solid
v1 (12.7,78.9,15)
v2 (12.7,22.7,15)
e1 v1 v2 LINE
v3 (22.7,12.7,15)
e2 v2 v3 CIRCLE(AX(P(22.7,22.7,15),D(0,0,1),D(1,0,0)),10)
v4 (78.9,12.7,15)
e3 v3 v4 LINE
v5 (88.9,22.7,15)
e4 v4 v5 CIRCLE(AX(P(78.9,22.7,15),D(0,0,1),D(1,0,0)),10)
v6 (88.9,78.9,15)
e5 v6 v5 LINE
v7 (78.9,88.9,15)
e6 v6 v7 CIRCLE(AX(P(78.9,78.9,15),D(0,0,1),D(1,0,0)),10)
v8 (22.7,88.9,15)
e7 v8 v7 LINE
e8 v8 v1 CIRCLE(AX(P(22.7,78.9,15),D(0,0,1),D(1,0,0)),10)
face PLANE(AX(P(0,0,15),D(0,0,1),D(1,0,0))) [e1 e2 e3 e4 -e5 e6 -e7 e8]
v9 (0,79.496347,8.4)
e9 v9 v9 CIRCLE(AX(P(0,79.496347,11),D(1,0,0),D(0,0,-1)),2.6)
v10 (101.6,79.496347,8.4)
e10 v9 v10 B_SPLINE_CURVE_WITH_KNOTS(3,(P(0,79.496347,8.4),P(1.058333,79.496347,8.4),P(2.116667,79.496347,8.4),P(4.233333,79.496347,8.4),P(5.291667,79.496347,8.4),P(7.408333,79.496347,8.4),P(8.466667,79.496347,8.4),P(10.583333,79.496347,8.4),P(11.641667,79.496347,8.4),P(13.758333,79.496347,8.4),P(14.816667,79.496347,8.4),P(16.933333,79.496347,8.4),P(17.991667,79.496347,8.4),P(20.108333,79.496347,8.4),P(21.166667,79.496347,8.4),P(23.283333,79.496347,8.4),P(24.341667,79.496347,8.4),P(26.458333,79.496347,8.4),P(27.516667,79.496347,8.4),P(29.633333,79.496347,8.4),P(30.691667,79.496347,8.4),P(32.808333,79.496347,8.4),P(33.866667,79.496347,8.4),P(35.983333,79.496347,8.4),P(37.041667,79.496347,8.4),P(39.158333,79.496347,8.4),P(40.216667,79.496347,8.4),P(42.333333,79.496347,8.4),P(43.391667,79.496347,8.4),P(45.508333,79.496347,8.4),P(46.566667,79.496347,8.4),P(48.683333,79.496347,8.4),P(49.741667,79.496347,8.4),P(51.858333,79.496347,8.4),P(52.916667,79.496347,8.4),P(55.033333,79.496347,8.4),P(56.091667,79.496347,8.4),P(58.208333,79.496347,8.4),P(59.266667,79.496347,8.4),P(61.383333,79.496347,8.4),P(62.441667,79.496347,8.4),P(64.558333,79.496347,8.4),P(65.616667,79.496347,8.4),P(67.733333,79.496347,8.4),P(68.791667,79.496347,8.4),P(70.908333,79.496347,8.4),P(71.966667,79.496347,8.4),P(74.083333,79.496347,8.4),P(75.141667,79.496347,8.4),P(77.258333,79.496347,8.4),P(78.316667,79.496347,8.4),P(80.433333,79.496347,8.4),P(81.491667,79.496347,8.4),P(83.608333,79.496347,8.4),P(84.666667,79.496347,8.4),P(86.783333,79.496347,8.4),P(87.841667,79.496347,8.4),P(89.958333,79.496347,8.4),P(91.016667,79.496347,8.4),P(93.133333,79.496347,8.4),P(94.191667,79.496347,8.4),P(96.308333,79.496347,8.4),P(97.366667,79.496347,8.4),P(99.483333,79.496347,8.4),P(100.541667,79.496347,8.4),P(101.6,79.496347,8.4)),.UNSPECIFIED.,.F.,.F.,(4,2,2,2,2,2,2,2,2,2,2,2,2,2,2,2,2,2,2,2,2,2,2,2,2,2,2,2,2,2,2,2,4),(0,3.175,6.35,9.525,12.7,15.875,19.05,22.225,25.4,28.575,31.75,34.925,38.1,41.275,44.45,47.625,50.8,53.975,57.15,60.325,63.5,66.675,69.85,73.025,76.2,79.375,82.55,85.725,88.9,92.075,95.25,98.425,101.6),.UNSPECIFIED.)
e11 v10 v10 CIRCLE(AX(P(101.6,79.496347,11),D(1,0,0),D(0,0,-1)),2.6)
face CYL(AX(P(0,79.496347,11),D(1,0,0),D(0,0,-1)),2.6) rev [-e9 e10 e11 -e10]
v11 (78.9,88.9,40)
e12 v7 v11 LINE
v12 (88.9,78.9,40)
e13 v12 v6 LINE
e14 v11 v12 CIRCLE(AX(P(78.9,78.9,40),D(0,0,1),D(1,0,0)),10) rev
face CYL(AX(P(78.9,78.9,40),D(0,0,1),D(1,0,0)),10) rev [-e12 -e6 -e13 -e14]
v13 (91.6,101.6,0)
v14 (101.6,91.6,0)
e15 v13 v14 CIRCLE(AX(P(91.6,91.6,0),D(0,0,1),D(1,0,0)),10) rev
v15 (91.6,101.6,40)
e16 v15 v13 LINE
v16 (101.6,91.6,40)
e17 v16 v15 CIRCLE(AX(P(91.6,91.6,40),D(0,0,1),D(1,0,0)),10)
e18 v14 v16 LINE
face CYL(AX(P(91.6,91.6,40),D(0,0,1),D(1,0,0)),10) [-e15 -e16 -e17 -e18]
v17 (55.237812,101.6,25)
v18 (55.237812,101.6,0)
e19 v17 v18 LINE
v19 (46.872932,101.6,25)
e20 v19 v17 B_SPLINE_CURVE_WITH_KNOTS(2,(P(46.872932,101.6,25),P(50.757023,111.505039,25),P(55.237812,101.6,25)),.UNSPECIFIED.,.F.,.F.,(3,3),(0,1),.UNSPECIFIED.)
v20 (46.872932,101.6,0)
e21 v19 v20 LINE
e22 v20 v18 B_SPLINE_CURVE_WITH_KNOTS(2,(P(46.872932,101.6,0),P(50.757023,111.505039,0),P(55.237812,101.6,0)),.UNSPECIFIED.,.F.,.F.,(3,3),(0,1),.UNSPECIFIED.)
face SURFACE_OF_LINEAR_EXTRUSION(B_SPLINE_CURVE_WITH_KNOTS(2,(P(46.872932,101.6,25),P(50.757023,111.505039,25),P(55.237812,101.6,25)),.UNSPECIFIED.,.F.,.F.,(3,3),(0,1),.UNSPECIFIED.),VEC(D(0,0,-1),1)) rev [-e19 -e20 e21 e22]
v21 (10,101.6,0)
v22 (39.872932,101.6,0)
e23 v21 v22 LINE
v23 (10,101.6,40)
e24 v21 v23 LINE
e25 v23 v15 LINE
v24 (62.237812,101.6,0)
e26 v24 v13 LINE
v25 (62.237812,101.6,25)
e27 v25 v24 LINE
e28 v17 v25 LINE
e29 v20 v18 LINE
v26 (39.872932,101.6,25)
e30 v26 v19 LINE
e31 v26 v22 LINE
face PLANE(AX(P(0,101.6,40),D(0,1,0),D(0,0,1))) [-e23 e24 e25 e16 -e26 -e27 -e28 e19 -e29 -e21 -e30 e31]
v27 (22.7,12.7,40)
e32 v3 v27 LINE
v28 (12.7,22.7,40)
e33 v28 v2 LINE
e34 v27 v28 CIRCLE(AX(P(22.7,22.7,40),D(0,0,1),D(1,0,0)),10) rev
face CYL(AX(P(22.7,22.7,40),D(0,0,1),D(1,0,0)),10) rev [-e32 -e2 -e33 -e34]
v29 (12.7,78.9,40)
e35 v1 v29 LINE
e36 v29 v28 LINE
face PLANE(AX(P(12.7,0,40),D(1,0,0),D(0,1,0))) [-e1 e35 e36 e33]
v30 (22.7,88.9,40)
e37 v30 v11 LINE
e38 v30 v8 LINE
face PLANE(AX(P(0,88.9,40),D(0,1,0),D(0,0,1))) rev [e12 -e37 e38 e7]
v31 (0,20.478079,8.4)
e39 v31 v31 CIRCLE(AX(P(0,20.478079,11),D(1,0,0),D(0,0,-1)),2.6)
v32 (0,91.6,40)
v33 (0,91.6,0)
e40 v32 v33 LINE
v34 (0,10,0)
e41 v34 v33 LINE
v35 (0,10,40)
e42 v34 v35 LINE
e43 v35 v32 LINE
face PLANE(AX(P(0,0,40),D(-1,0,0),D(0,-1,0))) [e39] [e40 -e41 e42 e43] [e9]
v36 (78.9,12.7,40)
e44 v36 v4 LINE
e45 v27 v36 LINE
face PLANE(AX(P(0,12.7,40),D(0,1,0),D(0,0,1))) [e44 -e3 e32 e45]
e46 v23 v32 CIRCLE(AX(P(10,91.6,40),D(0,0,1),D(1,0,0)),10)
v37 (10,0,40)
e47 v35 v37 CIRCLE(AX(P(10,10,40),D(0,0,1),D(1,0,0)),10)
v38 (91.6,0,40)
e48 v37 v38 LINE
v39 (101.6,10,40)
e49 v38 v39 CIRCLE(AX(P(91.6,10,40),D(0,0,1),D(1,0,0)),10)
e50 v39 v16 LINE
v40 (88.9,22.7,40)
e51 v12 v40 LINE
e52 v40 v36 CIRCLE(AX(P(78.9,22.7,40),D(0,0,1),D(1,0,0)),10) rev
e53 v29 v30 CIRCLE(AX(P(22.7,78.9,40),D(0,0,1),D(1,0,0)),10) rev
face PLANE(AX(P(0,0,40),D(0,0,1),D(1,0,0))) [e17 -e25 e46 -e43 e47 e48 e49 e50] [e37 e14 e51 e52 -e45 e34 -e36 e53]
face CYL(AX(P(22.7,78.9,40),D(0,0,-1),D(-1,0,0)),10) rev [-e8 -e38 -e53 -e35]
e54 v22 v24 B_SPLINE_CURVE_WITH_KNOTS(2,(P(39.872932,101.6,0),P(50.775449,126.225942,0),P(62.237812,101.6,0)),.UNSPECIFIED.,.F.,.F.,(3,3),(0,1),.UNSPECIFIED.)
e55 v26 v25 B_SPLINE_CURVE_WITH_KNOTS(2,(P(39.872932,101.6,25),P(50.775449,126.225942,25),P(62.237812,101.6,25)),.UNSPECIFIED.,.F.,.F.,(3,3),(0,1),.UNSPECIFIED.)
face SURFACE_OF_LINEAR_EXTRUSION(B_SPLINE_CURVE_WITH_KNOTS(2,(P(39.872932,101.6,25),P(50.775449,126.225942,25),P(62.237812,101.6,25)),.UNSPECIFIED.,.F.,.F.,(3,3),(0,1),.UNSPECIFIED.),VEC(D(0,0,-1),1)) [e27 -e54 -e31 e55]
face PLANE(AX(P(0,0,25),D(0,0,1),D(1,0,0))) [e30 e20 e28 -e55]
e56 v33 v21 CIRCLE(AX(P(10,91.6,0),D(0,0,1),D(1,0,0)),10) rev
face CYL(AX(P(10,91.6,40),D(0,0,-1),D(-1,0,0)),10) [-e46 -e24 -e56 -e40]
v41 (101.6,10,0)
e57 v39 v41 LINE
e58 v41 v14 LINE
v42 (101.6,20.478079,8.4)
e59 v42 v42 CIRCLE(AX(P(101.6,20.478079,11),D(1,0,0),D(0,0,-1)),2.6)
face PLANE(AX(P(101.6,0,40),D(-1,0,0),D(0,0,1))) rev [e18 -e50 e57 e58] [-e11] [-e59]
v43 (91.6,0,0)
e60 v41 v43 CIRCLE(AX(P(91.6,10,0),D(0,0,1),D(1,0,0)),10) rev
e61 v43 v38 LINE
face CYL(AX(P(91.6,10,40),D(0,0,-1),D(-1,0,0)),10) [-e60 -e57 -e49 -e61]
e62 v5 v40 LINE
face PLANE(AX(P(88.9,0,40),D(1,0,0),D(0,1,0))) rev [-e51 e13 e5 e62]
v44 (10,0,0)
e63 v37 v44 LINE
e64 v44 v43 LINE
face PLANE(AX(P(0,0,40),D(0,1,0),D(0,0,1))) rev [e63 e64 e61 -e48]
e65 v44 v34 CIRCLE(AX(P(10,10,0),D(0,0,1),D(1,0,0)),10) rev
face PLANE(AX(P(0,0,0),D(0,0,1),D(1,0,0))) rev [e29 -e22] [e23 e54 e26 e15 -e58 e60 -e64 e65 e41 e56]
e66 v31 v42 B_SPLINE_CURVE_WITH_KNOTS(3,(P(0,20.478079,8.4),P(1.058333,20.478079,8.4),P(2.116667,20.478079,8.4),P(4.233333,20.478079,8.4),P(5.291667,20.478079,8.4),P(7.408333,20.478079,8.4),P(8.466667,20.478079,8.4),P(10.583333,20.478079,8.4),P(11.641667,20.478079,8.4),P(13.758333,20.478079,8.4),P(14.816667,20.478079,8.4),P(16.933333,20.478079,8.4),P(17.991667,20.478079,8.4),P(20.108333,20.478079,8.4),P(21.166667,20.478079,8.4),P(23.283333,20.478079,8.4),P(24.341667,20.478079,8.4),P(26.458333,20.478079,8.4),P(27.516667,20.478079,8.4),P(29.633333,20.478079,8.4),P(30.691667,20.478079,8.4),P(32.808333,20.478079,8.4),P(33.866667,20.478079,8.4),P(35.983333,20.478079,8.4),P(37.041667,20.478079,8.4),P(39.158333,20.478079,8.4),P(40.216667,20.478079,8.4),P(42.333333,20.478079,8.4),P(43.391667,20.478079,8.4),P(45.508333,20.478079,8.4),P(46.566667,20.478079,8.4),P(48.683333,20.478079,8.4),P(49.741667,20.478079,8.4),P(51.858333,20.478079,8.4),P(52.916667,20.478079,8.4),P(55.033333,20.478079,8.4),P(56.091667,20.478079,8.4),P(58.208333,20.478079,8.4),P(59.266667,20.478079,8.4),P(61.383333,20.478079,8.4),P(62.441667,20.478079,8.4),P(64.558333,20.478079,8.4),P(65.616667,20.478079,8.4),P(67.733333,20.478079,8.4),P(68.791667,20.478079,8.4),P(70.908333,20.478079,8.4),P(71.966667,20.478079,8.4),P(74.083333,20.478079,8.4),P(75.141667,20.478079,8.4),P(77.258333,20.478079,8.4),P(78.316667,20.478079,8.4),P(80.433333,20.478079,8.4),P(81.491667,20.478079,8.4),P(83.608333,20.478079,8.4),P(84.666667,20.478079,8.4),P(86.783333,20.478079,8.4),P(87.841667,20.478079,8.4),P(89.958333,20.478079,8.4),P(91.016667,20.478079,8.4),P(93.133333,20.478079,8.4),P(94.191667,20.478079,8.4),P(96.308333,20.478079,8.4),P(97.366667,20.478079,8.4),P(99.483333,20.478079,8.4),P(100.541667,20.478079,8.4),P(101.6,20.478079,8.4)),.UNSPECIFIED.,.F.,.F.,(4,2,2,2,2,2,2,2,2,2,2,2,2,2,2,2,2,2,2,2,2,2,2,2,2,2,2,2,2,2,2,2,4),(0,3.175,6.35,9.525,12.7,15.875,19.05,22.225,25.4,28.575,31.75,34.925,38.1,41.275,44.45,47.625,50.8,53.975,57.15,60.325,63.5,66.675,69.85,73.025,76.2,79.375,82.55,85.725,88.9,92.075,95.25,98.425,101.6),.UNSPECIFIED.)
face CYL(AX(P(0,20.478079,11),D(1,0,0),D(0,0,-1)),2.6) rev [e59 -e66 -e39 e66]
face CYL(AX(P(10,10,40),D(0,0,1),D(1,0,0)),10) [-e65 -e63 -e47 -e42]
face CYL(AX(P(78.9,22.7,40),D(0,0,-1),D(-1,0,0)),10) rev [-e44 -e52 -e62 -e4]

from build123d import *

# Parameters (mm, degrees)
SKETCH1_W          = 76.2
SKETCH1_H          = 76.2
SIDE_DEPTH         = 40
SKETCH1_8_W        = 76.2
SKETCH1_8_H        = 76.2
BOTTOM_DEPTH       = 15
HOLDER_DEPTH       = 25
FILLET1_R          = 10
FILLET2_R          = 10
FILLET3_R          = 10
FILLET4_R          = 10
SKETCH2_R          = 2.6
CUT_EXTRUDE1_DEPTH = 158.793298372
FILLET5_R          = 10
FILLET6_R          = 10
FILLET7_R          = 10
FILLET8_R          = 10


with BuildPart() as part:
    # Sketch1 → side (new body)
    with BuildSketch(Plane.XY):
        Polygon((0, 101.6), (0, 0), (101.6, 0), (101.6, 101.6), (62.237812333, 101.6), (55.237812333, 101.6), (46.872931824, 101.6), (39.872931824, 101.6), align=None)
        with Locations((50.8, 50.8)):
            Rectangle(SKETCH1_W, SKETCH1_H, mode=Mode.SUBTRACT)
    extrude(amount=SIDE_DEPTH)

    # Sketch1<8> → bottom (add)
    with BuildSketch(Plane.XY):
        with Locations((50.8, 50.8)):
            Rectangle(SKETCH1_8_W, SKETCH1_8_H)
    extrude(amount=BOTTOM_DEPTH)

    # Sketch1<10> → holder (add)
    with BuildSketch(Plane.XY):
        with BuildLine():
            add(Edge.make_bspline(
                [(39.872931824, 101.6), (50.775448556, 126.225942053), (62.237812333, 101.6)],
                knots=[0, 0, 0, 1, 1, 1], degree=2))
            Line((39.872931824, 101.6), (46.872931824, 101.6))
            add(Edge.make_bspline(
                [(46.872931824, 101.6), (50.757022912, 111.505038694), (55.237812333, 101.6)],
                knots=[0, 0, 0, 1, 1, 1], degree=2))
            Line((55.237812333, 101.6), (62.237812333, 101.6))
        make_face()
    extrude(amount=HOLDER_DEPTH)

    # Fillet1
    fillet1_edges = [part.edges().sort_by_distance(p)[0] for p in [
        (0, 101.6, 20),
    ]]
    fillet(fillet1_edges, radius=FILLET1_R)

    # Fillet2
    fillet2_edges = [part.edges().sort_by_distance(p)[0] for p in [
        (0, 0, 20),
    ]]
    fillet(fillet2_edges, radius=FILLET2_R)

    # Fillet3
    fillet3_edges = [part.edges().sort_by_distance(p)[0] for p in [
        (101.6, 0, 20),
    ]]
    fillet(fillet3_edges, radius=FILLET3_R)

    # Fillet4
    fillet4_edges = [part.edges().sort_by_distance(p)[0] for p in [
        (101.6, 101.6, 20),
    ]]
    fillet(fillet4_edges, radius=FILLET4_R)

    # Sketch2 → Cut-Extrude1 (cut, through all)
    with BuildSketch(Plane(origin=(101.6, 0, 0), x_dir=(0, 0, -1), z_dir=(1, 0, 0))):
        with Locations((-11, 79.49634719)):
            Circle(SKETCH2_R)
        with Locations((-11, 20.478079238)):
            Circle(SKETCH2_R)
    extrude(amount=-CUT_EXTRUDE1_DEPTH, mode=Mode.SUBTRACT)

    # Fillet5
    fillet5_edges = [part.edges().sort_by_distance(p)[0] for p in [
        (12.7, 88.9, 27.5),
    ]]
    fillet(fillet5_edges, radius=FILLET5_R)

    # Fillet6
    fillet6_edges = [part.edges().sort_by_distance(p)[0] for p in [
        (88.9, 88.9, 27.5),
    ]]
    fillet(fillet6_edges, radius=FILLET6_R)

    # Fillet7
    fillet7_edges = [part.edges().sort_by_distance(p)[0] for p in [
        (12.7, 12.7, 27.5),
    ]]
    fillet(fillet7_edges, radius=FILLET7_R)

    # Fillet8
    fillet8_edges = [part.edges().sort_by_distance(p)[0] for p in [
        (88.9, 12.7, 27.5),
    ]]
    fillet(fillet8_edges, radius=FILLET8_R)


solid = part.part
